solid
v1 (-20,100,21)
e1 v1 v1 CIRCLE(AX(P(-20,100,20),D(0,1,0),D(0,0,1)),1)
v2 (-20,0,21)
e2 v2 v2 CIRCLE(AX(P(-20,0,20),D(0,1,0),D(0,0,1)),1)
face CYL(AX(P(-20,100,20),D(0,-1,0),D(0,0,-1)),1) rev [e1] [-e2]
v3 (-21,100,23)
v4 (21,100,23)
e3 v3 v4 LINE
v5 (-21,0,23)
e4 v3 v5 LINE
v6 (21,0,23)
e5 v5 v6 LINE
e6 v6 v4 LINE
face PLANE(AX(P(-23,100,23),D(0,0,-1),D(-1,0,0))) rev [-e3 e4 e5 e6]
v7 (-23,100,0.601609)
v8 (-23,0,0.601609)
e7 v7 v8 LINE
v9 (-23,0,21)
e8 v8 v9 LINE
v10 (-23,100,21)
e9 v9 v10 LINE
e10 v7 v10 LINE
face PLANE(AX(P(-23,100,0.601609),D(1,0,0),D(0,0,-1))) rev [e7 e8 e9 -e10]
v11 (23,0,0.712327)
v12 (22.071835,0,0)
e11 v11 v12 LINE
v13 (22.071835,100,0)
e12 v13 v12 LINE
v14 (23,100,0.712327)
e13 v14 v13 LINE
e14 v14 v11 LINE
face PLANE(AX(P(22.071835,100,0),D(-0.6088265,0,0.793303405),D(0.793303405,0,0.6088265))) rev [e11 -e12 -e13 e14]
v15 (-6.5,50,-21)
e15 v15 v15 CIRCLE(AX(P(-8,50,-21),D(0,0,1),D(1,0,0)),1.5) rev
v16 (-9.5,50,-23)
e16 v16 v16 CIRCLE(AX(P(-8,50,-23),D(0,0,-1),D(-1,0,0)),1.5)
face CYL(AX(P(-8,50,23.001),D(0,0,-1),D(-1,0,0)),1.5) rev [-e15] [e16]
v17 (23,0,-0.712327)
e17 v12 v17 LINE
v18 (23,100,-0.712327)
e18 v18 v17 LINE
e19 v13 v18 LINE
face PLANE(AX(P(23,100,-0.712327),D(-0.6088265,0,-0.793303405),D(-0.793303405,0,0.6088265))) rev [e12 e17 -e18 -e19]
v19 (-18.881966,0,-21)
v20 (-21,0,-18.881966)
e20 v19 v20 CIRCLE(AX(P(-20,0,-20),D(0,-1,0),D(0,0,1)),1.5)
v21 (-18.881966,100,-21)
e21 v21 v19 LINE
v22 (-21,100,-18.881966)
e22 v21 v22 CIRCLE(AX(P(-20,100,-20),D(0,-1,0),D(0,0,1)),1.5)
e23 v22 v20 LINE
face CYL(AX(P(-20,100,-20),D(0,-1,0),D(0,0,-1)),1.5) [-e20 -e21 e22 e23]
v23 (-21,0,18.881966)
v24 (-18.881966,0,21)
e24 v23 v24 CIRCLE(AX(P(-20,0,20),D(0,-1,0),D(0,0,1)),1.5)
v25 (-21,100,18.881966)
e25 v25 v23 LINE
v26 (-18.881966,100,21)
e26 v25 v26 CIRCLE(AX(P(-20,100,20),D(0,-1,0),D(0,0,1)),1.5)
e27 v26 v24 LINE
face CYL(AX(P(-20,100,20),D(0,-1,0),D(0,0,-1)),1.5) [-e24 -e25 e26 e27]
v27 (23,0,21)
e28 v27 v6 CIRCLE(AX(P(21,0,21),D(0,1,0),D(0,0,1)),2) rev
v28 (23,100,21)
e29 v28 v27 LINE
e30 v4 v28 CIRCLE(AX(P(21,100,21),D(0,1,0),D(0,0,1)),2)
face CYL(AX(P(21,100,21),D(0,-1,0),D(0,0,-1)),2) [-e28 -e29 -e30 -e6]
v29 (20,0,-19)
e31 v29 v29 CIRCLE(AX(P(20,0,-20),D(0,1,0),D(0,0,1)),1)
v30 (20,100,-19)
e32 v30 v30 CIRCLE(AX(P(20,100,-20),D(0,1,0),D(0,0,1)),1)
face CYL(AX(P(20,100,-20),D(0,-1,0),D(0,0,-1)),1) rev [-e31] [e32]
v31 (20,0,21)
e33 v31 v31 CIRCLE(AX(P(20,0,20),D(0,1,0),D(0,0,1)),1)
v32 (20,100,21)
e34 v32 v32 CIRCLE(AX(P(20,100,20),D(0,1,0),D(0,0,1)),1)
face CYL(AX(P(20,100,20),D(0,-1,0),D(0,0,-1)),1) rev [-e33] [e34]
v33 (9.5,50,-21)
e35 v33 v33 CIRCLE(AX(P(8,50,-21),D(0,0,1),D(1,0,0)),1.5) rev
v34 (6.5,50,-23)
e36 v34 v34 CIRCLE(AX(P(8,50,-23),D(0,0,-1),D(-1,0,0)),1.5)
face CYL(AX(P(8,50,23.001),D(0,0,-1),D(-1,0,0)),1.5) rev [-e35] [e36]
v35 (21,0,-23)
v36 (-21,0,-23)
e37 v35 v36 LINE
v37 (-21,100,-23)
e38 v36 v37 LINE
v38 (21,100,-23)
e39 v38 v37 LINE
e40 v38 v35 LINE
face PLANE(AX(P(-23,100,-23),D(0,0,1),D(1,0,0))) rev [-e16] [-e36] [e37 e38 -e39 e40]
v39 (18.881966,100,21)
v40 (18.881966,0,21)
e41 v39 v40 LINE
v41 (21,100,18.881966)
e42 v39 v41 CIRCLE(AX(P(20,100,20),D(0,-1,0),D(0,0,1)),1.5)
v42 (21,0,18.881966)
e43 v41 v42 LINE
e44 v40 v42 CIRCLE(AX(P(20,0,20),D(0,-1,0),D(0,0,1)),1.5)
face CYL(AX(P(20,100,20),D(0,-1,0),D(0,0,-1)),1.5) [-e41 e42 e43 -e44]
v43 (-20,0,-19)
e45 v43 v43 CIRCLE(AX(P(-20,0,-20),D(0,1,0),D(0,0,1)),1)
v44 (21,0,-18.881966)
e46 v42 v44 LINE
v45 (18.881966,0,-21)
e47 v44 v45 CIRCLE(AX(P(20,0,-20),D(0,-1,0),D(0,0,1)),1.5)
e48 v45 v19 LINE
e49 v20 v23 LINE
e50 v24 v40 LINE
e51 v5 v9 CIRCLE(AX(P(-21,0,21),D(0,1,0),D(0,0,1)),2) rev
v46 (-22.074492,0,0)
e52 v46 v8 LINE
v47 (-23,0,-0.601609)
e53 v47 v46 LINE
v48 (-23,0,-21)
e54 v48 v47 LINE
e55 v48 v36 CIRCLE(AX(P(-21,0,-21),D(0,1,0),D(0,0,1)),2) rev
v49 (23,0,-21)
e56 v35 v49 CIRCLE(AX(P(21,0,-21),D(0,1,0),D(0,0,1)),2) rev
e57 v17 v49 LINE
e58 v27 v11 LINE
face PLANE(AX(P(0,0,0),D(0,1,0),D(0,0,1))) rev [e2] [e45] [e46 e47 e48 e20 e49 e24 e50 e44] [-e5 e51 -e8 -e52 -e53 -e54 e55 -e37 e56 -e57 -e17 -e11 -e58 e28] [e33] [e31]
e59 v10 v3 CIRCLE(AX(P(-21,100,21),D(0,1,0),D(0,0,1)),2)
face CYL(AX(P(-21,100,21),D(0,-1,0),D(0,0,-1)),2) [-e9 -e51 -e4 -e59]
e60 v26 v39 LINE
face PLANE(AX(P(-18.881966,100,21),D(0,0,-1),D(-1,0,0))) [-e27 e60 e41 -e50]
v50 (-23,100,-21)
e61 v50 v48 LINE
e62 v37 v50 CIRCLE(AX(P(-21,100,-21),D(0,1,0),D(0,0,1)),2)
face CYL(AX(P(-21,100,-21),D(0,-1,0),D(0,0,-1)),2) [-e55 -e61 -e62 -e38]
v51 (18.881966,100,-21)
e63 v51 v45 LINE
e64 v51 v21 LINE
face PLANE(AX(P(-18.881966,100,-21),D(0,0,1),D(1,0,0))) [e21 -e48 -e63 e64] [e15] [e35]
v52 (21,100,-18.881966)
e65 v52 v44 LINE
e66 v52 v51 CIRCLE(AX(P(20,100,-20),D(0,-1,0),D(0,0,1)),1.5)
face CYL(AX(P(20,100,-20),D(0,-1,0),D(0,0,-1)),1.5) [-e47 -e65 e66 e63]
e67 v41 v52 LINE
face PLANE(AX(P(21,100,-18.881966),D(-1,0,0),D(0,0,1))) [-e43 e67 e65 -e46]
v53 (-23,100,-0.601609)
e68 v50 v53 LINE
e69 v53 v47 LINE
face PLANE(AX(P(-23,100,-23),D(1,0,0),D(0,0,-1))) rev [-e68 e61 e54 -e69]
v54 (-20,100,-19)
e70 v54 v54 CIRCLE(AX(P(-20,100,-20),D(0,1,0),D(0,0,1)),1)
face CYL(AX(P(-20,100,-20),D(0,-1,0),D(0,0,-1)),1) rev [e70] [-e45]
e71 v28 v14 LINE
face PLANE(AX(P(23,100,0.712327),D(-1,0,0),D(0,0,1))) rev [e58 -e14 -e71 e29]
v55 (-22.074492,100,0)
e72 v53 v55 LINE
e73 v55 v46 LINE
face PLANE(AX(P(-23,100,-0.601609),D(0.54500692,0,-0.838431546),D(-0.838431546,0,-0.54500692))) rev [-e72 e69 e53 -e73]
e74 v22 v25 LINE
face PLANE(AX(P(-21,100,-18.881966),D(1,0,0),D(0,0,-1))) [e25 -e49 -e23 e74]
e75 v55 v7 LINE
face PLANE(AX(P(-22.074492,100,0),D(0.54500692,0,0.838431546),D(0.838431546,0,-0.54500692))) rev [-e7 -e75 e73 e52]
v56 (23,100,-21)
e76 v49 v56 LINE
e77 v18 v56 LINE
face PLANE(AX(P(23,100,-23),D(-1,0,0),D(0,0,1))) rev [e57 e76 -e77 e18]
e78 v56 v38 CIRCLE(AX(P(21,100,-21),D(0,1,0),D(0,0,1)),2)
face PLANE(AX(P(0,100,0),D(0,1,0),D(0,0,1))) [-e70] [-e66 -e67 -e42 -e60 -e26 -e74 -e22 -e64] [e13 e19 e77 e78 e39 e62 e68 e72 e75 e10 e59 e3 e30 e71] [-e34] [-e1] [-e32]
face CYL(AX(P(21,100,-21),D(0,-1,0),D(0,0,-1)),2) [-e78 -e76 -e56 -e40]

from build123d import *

# Parameters (mm, degrees)
SKETCH1_R           = 1
BOSS_EXTRUDE1_DEPTH = 100
FILLET1_R           = 2
CUT_EXTRUDE2_REACH  = 48
SKETCH3_R           = 1.5
FILLET2_R           = 2


with BuildPart() as part:
    # Sketch1 → Boss-Extrude1 (new body)
    with BuildSketch(Plane(origin=(0, 0, 0), x_dir=(1, 0, 0), z_dir=(0, 1, 0))):
        Polygon((-23, 0.601609353), (-22.074492009, 0), (-23, -0.601609353), (-23, -23), (23, -23), (23, -0.712327005), (22.071835016, 0), (23, 0.712327005), (23, 23), (-23, 23), align=None)
        with Locations((-20, 20)):
            Circle(SKETCH1_R, mode=Mode.SUBTRACT)
        with Locations((20, 20)):
            Circle(SKETCH1_R, mode=Mode.SUBTRACT)
        with Locations((20, -20)):
            Circle(SKETCH1_R, mode=Mode.SUBTRACT)
        with Locations((-20, -20)):
            Circle(SKETCH1_R, mode=Mode.SUBTRACT)
        with BuildLine():
            Line((-18.881966011, 21), (18.881966011, 21))
            ThreePointArc((18.881966011, 21), (18.939339828, 18.939339828), (21, 18.881966011))
            Line((21, 18.881966011), (21, -18.881966011))
            ThreePointArc((21, -18.881966011), (18.939339828, -18.939339828), (18.881966011, -21))
            Line((18.881966011, -21), (-18.881966011, -21))
            ThreePointArc((-18.881966011, -21), (-18.939339828, -18.939339828), (-21, -18.881966011))
            Line((-21, -18.881966011), (-21, 18.881966011))
            ThreePointArc((-21, 18.881966011), (-18.939339828, 18.939339828), (-18.881966011, 21))
        make_face(mode=Mode.SUBTRACT)
    extrude(amount=BOSS_EXTRUDE1_DEPTH)

    # Fillet1
    fillet1_edges = [part.edges().sort_by_distance(p)[0] for p in [
        (-23, 50, -23),
        (23, 50, -23),
    ]]
    fillet(fillet1_edges, radius=FILLET1_R)

    # Sketch3 → Cut-Extrude2 (cut, up to next)
    with BuildSketch(Plane(origin=(0, 0, -23), x_dir=(-1, 0, 0), z_dir=(0, 0, -1)), mode=Mode.PRIVATE) as cut_extrude2_sk1:
        with Locations((8, 50)):
            Circle(SKETCH3_R)
    cut_extrude2_tool1 = extrude(cut_extrude2_sk1.sketch, amount=-CUT_EXTRUDE2_REACH, mode=Mode.PRIVATE) & part.part
    add(cut_extrude2_tool1.solids().sort_by_distance((-8, 50, -23))[0], mode=Mode.SUBTRACT)
    # Sketch3 → Cut-Extrude2 (cut, up to next)
    with BuildSketch(Plane(origin=(0, 0, -23), x_dir=(-1, 0, 0), z_dir=(0, 0, -1)), mode=Mode.PRIVATE) as cut_extrude2_sk2:
        with Locations((-8, 50)):
            Circle(SKETCH3_R)
    cut_extrude2_tool2 = extrude(cut_extrude2_sk2.sketch, amount=-CUT_EXTRUDE2_REACH, mode=Mode.PRIVATE) & part.part
    add(cut_extrude2_tool2.solids().sort_by_distance((8, 50, -23))[0], mode=Mode.SUBTRACT)

    # Fillet2
    fillet2_edges = [part.edges().sort_by_distance(p)[0] for p in [
        (23, 50, 23),
        (-23, 50, 23),
    ]]
    fillet(fillet2_edges, radius=FILLET2_R)


solid = part.part
